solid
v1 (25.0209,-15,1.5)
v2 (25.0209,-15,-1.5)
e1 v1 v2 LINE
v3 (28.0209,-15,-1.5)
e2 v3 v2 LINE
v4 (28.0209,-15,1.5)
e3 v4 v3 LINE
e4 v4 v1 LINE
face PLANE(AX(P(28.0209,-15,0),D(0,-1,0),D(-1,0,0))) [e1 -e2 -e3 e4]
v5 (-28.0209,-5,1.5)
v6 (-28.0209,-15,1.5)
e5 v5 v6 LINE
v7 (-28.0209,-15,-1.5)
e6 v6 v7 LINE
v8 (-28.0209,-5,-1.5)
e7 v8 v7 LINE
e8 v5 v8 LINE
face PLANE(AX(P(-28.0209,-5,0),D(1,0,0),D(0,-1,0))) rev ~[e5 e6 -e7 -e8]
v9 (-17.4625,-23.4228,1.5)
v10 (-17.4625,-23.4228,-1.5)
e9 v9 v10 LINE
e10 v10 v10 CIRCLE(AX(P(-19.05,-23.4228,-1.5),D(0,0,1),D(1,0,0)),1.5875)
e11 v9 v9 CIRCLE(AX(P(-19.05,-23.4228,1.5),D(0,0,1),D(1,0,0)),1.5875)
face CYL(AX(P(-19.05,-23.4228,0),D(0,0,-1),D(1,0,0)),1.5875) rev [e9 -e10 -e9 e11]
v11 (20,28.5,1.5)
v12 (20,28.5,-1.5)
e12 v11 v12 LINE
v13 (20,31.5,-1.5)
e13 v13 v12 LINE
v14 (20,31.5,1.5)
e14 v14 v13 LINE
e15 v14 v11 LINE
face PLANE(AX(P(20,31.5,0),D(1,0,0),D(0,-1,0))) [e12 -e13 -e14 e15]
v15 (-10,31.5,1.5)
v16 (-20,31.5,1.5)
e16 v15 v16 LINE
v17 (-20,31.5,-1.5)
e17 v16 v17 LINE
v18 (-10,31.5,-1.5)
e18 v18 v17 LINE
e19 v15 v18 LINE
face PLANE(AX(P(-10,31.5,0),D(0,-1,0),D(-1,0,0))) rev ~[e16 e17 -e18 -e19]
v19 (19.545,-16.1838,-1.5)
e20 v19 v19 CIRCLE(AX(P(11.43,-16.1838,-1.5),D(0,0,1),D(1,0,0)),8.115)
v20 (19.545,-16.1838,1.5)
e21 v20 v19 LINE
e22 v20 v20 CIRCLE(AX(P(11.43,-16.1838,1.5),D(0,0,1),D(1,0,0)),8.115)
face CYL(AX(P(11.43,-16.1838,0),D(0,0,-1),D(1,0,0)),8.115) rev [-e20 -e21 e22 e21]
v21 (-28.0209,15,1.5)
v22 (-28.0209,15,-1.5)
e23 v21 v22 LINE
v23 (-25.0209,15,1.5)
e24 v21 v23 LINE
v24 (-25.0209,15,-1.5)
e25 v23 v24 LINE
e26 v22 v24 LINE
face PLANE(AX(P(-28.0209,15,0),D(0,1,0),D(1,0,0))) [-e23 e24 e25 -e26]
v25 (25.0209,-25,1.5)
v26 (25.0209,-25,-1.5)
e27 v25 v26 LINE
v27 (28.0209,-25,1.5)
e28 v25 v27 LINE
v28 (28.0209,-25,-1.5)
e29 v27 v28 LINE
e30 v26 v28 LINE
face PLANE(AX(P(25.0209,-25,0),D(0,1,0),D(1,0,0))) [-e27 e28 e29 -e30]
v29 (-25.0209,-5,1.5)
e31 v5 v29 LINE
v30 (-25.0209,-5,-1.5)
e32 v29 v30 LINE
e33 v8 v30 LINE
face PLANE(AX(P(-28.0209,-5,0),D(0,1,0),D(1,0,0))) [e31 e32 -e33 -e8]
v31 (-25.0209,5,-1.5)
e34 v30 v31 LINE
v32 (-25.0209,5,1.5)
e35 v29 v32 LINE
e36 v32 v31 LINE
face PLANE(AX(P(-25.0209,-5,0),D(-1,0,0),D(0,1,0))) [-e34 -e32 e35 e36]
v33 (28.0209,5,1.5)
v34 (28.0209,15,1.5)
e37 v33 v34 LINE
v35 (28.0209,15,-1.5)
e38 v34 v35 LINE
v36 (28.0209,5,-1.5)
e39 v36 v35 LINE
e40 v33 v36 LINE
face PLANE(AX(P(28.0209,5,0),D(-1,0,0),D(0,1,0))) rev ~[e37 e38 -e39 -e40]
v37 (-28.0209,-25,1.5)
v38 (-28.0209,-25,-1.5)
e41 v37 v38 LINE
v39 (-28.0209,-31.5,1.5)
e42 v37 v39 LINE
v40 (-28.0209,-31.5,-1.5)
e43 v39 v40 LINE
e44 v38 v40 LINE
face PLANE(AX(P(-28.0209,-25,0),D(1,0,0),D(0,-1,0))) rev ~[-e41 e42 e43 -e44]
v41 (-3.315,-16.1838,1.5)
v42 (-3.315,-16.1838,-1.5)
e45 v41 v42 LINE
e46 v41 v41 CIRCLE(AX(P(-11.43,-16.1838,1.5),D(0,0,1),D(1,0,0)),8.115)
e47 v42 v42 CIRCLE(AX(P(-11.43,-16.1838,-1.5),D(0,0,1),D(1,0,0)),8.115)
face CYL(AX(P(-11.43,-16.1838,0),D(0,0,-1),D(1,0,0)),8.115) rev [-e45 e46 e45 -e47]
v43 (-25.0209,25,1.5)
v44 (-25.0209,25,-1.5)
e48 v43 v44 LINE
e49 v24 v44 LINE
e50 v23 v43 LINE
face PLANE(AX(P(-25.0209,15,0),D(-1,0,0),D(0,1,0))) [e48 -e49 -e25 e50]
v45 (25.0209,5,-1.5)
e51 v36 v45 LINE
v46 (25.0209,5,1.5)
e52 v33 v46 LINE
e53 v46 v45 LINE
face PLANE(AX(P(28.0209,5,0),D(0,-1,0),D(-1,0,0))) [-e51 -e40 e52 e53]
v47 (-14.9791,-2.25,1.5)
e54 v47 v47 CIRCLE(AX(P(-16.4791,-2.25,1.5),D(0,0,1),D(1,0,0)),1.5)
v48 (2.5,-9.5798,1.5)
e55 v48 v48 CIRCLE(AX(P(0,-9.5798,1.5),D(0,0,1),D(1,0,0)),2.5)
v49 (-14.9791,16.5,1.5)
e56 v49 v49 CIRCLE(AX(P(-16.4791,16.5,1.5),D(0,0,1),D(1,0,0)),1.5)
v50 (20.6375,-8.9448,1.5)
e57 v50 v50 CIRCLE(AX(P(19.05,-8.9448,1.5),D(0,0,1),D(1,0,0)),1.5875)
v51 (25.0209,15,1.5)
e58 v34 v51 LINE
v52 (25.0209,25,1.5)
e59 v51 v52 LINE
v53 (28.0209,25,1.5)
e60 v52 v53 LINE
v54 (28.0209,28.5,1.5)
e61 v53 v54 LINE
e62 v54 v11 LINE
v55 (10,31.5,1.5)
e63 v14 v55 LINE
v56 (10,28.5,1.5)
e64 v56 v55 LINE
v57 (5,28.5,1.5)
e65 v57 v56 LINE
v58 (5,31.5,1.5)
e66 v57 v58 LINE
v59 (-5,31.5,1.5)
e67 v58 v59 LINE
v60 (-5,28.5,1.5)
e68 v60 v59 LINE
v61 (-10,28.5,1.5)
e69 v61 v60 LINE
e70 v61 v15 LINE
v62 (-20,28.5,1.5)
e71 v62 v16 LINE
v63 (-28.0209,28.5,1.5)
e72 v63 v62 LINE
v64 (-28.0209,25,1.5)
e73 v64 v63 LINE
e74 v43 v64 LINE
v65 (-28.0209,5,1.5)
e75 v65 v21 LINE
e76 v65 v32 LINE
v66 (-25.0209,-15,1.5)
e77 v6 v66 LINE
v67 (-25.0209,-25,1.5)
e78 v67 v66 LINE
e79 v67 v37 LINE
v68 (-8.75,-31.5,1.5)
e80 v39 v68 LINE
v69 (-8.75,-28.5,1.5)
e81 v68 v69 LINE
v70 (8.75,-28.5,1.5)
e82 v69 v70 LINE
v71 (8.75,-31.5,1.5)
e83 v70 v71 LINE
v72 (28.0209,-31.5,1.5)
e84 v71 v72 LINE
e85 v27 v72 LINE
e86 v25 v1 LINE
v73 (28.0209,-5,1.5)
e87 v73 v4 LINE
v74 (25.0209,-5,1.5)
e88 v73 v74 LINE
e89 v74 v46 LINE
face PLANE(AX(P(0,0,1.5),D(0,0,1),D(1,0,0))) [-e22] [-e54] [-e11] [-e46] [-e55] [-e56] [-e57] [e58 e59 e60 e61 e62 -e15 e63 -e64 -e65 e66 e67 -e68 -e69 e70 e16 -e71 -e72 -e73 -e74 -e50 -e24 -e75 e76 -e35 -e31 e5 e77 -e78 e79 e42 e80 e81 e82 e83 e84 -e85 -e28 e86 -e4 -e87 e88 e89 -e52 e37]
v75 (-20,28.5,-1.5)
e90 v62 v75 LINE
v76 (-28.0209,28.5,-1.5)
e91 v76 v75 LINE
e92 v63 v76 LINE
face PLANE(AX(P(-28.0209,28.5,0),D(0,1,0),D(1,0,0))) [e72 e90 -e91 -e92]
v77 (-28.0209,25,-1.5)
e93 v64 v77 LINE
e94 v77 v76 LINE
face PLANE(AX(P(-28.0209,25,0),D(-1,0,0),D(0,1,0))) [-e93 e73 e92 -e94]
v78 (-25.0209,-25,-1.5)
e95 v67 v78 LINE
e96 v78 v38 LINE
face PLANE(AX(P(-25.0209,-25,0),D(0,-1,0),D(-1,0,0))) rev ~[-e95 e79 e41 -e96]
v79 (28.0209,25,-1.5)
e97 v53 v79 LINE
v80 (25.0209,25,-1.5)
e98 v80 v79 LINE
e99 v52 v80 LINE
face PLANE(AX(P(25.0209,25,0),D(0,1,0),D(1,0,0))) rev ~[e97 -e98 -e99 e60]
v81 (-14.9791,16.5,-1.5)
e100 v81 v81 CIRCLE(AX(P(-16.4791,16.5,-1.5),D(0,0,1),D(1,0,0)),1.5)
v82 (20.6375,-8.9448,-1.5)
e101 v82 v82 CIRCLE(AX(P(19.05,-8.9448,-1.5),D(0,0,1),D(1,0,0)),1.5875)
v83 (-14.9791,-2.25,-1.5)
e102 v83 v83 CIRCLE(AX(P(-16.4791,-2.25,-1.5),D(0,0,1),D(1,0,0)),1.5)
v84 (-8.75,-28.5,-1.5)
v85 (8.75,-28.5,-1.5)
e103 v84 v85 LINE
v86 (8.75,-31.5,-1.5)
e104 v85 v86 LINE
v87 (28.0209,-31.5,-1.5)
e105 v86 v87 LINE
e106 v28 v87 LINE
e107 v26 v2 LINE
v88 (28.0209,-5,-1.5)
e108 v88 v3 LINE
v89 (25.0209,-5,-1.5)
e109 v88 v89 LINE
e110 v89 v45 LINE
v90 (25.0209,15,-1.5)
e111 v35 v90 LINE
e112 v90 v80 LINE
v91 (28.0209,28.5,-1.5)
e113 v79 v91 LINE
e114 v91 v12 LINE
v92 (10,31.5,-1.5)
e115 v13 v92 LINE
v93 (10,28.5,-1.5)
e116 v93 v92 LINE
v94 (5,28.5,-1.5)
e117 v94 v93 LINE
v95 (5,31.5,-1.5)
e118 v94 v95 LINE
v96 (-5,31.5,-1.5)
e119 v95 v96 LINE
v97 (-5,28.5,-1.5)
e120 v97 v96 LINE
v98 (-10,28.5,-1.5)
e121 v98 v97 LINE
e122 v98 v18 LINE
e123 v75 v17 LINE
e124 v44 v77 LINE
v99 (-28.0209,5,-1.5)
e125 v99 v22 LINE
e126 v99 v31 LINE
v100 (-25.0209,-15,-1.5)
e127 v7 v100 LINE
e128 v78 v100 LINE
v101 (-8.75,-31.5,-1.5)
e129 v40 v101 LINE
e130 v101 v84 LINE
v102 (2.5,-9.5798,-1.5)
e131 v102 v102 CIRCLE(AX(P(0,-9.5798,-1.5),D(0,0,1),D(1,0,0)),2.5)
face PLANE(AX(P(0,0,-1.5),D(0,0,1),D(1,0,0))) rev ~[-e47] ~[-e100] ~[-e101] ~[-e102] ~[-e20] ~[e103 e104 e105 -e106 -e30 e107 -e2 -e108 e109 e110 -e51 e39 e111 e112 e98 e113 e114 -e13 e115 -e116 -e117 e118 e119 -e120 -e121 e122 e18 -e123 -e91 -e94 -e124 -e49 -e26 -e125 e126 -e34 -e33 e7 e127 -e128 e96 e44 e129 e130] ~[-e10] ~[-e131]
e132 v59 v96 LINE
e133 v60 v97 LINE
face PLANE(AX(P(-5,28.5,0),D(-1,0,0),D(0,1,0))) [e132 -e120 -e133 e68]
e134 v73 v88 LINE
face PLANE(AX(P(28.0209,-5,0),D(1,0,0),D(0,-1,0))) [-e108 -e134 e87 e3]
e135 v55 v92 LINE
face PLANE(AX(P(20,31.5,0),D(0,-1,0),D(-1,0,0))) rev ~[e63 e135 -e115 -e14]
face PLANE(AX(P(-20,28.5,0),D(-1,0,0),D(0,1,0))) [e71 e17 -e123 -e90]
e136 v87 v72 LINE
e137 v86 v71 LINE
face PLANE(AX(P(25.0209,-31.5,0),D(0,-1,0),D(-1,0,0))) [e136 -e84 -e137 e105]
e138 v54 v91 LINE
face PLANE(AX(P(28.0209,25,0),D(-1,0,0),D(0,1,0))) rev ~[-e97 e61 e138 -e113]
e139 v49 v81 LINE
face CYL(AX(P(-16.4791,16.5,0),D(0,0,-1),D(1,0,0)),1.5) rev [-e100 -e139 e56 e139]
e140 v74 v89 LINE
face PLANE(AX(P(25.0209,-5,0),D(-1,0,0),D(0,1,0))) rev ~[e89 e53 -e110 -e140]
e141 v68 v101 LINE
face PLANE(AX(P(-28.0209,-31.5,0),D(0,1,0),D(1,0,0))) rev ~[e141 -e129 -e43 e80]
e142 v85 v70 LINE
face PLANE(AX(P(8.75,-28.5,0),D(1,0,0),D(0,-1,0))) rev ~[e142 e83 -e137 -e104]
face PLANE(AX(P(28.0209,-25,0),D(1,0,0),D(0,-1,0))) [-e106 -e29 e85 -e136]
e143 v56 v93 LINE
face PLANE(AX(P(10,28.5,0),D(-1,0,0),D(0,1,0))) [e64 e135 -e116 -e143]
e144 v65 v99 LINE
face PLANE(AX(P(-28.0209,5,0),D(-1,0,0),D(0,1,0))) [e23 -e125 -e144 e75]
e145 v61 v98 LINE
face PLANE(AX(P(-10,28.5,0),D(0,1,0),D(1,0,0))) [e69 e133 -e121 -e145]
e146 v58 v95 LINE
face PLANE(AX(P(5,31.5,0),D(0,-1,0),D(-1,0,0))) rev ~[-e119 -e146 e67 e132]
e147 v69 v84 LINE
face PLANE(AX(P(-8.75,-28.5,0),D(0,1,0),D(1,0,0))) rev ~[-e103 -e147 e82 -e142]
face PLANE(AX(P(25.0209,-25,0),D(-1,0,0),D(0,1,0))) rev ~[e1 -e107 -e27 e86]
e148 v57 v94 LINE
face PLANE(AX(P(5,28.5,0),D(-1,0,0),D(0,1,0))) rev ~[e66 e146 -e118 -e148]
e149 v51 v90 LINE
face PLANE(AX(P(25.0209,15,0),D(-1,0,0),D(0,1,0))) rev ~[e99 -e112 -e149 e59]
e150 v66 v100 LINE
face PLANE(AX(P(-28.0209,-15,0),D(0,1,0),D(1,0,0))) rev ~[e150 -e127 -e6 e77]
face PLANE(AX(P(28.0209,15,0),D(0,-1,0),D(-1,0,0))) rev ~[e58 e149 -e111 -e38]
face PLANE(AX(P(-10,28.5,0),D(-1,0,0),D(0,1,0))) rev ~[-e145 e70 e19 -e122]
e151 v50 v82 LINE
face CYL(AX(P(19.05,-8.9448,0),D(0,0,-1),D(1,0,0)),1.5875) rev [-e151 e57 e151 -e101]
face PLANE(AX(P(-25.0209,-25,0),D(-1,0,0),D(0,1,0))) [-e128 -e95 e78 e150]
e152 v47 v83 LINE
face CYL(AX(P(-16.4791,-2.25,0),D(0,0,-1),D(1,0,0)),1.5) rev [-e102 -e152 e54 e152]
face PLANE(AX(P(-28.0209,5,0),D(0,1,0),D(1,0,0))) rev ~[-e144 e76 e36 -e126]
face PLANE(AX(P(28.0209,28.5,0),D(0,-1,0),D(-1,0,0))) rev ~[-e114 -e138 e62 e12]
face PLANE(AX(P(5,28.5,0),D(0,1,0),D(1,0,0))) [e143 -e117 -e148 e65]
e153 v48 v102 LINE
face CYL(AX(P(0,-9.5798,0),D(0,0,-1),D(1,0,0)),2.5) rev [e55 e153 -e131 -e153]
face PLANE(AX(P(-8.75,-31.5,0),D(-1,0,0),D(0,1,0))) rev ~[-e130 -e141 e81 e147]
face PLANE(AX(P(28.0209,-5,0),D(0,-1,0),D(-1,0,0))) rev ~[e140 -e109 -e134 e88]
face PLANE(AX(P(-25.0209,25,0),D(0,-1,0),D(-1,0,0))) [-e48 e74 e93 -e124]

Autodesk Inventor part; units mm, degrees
ref_plane "YZ Plane" through (0, 0, 0) normal (1, 0, 0) x (0, 1, 0)
ref_plane "XZ Plane" through (0, 0, 0) normal (0, 1, 0) x (-1, 0, 0)
ref_plane "XY Plane" through (0, 0, 0) normal (0, 0, 1) x (1, 0, 0)
sketch "Sketch1" plane through (0, 0, 0) normal (0, 0, 1) x (1, 0, 0)
  line L0 (8.75, -28.5) -> (8.75, -31.5)
  line L1 (25.0209, -31.5) -> (8.75, -31.5)
  line L2 (-8.75, -28.5) -> (8.75, -28.5)
  circle A0 centre (11.43, -16.1838) radius 8.115
  circle A1 centre (19.05, -8.9448) radius 1.5875
  circle A2 centre (-19.05, -23.4228) radius 1.5875
  circle A3 centre (0, -9.5798) radius 2.5
  circle A4 centre (-11.43, -16.1838) radius 8.115
  line L3 (0, 8) -> (0, 18) construction
  line L4 (0, 18) -> (8.75, 18) construction
  line L5 (5, 31.5) -> (-5, 31.5)
  line L6 (-5, 28.5) -> (5, 31.5) construction
  line L7 (5, 28.5) -> (-5, 31.5) construction
  line L8 (-5, 28.5) -> (5, 28.5) construction
  line L9 (20, 31.5) -> (10, 31.5)
  line L10 (-10, 31.5) -> (-20, 31.5)
  line L11 (5, 31.5) -> (-5, 31.5)
  line L12 (-10, 28.5) -> (-10, 31.5)
  line L13 (-20, 28.5) -> (-20, 31.5)
  line L14 (10, 28.5) -> (10, 31.5)
  line L15 (20, 31.5) -> (20, 28.5)
  line L16 (-10, 28.5) -> (-5, 28.5)
  line L17 (5, 28.5) -> (10, 28.5)
  line L18 (-28.0209, -5) -> (-28.0209, -15)
  line L19 (-28.0209, -15) -> (-25.0209, -15)
  line L20 (-25.0209, -25) -> (-28.0209, -25)
  line L21 (-28.0209, -25) -> (-28.0209, -31.5)
  line L22 (-28.0209, -5) -> (-25.0209, -5)
  line L23 (-28.0209, 5) -> (-25.0209, 5)
  line L24 (-28.0209, 5) -> (-28.0209, 15)
  line L25 (-28.0209, 15) -> (-25.0209, 15)
  line L26 (-25.0209, 25) -> (-28.0209, 25)
  line L27 (-28.0209, 25) -> (-28.0209, 28.5)
  line L28 (-28.0209, 28.5) -> (-20, 28.5)
  line L29 (-25.0209, 15) -> (-25.0209, 25)
  line L30 (-25.0209, -25) -> (-25.0209, -15)
  line L31 (-25.0209, -5) -> (-25.0209, 5)
  line L32 (28.0209, -5) -> (28.0209, -15)
  line L33 (28.0209, -15) -> (25.0209, -15)
  line L34 (25.0209, -25) -> (28.0209, -25)
  line L35 (28.0209, -25) -> (28.0209, -31.5)
  line L36 (28.0209, -31.5) -> (25.0209, -31.5)
  line L37 (28.0209, -5) -> (25.0209, -5)
  line L38 (28.0209, 5) -> (25.0209, 5)
  line L39 (28.0209, 5) -> (28.0209, 15)
  line L40 (28.0209, 15) -> (25.0209, 15)
  line L41 (25.0209, 25) -> (28.0209, 25)
  line L42 (28.0209, 25) -> (28.0209, 28.5)
  line L43 (28.0209, 28.5) -> (20, 28.5)
  line L44 (25.0209, 15) -> (25.0209, 25)
  line L45 (25.0209, -25) -> (25.0209, -15)
  line L46 (25.0209, -5) -> (25.0209, 5)
  line L47 (-8.75, -31.5) -> (-8.75, -28.5)
  line L48 (-28.0209, -31.5) -> (-8.75, -31.5)
  line L49 (-5, 28.5) -> (-5, 31.5)
  line L50 (5, 28.5) -> (5, 31.5)
  circle A5 centre (-16.4791, 16.5) radius 1.5
  circle A6 centre (-16.4791, -2.25) radius 1.5
  point P0 (0, 0)
  point P1 (0, 30)
  dimension "d2" = 3
  dimension "d5" = 15
  dimension "d8" = 15
  dimension "d12" = 5
  dimension "d13" = 10
  dimension "d16" = 3
  dimension "d17" = 3
extrude "Extrusion3" add sketch "Sketch1" along normal mid plane 3
properties part number "srfdiagkanan"
